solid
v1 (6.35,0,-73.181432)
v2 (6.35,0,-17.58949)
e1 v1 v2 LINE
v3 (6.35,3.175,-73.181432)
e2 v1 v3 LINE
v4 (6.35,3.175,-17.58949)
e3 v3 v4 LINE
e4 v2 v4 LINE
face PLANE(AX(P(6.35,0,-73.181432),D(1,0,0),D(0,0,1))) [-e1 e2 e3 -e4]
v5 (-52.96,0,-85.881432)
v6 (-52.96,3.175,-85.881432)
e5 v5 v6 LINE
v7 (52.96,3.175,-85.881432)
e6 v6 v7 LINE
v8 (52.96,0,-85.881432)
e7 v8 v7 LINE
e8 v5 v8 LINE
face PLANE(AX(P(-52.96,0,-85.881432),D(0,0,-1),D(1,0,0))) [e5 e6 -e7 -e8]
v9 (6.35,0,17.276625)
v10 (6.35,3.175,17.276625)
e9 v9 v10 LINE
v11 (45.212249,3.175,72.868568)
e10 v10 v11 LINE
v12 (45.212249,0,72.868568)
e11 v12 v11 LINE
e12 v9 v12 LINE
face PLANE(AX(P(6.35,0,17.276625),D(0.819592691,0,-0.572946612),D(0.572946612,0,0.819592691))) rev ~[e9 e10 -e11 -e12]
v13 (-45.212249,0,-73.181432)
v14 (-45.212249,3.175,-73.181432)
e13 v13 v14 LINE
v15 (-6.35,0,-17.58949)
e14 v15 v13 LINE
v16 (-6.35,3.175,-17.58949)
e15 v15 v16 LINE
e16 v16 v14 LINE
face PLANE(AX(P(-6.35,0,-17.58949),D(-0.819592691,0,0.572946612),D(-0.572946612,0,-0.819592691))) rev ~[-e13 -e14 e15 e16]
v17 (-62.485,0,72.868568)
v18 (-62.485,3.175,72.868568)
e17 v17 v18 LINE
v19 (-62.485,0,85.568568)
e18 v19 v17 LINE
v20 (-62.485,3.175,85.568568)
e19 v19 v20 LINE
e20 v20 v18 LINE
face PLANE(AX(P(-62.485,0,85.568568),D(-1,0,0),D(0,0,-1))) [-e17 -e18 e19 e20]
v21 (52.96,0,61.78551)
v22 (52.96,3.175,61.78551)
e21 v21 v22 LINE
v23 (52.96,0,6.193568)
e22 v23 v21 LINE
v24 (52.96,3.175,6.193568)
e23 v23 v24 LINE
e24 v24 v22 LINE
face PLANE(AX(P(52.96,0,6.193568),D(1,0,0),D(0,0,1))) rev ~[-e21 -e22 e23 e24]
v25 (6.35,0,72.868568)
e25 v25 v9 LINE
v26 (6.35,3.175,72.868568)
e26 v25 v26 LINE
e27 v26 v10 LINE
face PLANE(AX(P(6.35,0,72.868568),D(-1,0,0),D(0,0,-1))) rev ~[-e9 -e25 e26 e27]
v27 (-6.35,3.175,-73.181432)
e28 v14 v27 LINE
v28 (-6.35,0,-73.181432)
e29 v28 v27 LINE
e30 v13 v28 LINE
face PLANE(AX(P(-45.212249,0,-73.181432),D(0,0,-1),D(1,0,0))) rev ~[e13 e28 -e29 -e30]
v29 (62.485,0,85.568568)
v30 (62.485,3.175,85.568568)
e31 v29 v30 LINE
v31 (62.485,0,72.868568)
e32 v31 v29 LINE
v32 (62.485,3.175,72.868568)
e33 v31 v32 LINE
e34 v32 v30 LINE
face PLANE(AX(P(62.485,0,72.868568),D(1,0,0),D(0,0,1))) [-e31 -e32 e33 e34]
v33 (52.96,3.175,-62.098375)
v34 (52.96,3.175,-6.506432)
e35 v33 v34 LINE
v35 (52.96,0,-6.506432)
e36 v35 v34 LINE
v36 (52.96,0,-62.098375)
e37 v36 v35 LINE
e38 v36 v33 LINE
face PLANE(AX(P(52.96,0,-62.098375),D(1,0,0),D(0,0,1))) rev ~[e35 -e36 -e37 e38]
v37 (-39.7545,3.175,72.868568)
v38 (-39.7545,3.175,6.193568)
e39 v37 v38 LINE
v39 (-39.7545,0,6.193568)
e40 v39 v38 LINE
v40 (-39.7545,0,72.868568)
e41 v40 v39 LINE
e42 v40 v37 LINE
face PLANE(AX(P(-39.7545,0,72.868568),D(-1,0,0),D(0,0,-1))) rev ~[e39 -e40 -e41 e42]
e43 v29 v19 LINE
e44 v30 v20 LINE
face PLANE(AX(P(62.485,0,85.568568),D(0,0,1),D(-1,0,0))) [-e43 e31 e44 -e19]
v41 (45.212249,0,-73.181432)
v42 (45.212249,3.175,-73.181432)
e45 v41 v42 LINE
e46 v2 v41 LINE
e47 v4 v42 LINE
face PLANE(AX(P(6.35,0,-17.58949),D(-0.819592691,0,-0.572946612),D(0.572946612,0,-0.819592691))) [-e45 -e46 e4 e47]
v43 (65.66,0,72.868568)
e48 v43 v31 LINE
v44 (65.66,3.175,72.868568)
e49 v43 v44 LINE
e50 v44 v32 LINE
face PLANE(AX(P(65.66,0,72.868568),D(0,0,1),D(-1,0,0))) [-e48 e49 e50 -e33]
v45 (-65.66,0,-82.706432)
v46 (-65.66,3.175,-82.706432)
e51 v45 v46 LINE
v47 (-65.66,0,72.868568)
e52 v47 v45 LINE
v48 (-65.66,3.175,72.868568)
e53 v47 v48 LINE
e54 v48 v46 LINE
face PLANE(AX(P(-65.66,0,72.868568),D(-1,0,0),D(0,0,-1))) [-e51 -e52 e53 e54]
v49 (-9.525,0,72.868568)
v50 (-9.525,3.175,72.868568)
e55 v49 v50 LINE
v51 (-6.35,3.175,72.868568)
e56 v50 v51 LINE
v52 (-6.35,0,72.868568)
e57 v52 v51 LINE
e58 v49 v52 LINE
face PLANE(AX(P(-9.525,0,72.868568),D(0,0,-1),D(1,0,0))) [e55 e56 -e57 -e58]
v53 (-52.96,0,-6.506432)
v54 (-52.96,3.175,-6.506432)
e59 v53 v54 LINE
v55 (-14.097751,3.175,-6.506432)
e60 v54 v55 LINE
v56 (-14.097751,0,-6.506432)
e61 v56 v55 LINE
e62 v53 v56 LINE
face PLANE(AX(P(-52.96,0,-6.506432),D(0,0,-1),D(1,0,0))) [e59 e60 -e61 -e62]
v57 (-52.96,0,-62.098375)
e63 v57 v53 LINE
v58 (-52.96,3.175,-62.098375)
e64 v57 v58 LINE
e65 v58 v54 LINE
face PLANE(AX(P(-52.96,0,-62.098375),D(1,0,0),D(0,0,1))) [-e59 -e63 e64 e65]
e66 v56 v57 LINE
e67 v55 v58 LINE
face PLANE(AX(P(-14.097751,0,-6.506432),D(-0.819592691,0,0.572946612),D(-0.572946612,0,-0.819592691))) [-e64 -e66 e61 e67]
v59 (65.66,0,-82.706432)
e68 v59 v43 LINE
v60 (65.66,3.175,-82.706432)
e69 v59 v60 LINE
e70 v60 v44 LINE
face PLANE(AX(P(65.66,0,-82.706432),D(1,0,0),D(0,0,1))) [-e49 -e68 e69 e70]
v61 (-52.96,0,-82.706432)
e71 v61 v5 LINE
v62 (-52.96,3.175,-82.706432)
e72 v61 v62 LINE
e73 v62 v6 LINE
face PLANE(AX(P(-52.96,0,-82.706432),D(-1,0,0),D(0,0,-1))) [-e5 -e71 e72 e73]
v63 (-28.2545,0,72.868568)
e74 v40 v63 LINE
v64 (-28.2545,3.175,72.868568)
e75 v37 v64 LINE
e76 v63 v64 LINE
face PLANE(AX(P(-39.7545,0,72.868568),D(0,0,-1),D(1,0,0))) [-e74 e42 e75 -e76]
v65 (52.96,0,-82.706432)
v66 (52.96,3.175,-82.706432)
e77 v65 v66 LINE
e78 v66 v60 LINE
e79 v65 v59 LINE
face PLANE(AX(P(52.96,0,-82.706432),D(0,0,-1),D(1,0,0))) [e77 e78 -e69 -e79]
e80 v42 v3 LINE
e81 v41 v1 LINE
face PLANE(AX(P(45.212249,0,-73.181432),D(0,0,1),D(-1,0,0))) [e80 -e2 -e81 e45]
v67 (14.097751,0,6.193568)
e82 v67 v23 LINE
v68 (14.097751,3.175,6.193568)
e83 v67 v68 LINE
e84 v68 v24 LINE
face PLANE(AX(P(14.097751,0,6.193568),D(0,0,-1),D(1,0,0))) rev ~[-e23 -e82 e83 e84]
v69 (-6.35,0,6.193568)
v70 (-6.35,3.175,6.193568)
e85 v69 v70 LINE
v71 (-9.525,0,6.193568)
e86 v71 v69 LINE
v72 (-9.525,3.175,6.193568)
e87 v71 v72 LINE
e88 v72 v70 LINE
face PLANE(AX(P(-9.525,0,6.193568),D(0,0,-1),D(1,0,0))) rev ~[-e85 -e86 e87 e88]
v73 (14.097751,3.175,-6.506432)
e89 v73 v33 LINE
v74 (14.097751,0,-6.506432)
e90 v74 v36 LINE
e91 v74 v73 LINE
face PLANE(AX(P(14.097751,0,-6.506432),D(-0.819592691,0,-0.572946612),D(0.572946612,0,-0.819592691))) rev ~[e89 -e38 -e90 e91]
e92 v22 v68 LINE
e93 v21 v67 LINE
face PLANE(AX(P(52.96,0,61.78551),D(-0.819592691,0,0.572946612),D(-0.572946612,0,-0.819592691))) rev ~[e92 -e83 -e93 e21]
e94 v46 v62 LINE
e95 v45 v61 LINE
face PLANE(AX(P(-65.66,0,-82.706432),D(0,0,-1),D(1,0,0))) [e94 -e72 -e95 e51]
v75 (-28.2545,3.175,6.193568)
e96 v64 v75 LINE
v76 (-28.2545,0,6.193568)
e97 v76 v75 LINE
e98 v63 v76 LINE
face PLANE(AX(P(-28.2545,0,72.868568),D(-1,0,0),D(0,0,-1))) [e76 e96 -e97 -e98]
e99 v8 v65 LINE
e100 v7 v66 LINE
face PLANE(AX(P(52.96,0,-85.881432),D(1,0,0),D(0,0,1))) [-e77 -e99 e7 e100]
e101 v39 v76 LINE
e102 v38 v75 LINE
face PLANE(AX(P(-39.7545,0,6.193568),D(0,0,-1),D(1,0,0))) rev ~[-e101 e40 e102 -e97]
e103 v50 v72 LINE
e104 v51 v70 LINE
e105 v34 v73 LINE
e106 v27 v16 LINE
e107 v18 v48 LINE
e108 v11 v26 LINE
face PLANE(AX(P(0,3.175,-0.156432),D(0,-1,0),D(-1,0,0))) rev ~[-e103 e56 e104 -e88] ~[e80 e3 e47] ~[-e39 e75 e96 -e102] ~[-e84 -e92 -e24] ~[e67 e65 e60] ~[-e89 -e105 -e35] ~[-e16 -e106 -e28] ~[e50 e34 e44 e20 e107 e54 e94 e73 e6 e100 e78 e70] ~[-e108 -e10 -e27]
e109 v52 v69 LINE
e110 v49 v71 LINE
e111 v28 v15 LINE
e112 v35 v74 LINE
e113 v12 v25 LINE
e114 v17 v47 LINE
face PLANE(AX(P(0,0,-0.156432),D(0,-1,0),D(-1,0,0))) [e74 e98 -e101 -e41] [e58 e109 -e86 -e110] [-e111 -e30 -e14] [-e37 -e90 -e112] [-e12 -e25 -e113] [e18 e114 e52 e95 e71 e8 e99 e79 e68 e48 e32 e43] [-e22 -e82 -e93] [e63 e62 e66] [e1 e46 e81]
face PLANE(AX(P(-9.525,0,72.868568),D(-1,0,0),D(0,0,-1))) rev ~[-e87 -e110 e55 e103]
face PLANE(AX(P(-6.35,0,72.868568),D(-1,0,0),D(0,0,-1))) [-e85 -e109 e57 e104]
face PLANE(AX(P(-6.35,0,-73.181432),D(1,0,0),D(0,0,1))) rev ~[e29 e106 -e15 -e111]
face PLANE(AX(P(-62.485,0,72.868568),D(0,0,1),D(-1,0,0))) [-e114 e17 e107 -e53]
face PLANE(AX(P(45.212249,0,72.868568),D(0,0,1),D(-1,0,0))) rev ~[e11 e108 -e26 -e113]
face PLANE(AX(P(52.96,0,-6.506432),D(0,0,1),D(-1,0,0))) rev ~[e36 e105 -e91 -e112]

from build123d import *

# Parameters (mm, degrees)
SKETCH1_W           = 11.5
SKETCH1_H           = 66.675
SKETCH1_W_2         = 3.175
BOSS_EXTRUDE1_DEPTH = 3.175


with BuildPart() as part:
    # Sketch1 → Boss-Extrude1 (new body)
    with BuildSketch(Plane(origin=(0, 0, 0), x_dir=(1, 0, 0), z_dir=(0, 1, 0))):
        Polygon((-52.96, 85.881432482), (52.96, 85.881432482), (52.96, 82.706432482), (65.66, 82.706432482), (65.66, -72.868567518), (62.485, -72.868567518), (62.485, -85.568567518), (-62.485, -85.568567518), (-62.485, -72.868567518), (-65.66, -72.868567518), (-65.66, 82.706432482), (-52.96, 82.706432482), align=None)
        Polygon((-52.96, 6.506432482), (-14.097750884, 6.506432482), (-52.96, 62.098375408), align=None, mode=Mode.SUBTRACT)
        Polygon((-45.212249116, 73.181432482), (-6.35, 73.181432482), (-6.35, 17.589489555), align=None, mode=Mode.SUBTRACT)
        with Locations((-34.0045, -39.531067518)):
            Rectangle(SKETCH1_W, SKETCH1_H, mode=Mode.SUBTRACT)
        Polygon((52.96, 62.098375408), (52.96, 6.506432482), (14.097750884, 6.506432482), align=None, mode=Mode.SUBTRACT)
        Polygon((6.35, 73.181432482), (6.35, 17.589489555), (45.212249116, 73.181432482), align=None, mode=Mode.SUBTRACT)
        Polygon((14.097750884, -6.193567518), (52.96, -6.193567518), (52.96, -61.785510445), align=None, mode=Mode.SUBTRACT)
        Polygon((6.35, -17.276624592), (45.212249116, -72.868567518), (6.35, -72.868567518), align=None, mode=Mode.SUBTRACT)
        with Locations((-7.9375, -39.531067518)):
            Rectangle(SKETCH1_W_2, SKETCH1_H, mode=Mode.SUBTRACT)
    extrude(amount=BOSS_EXTRUDE1_DEPTH)


solid = part.part
